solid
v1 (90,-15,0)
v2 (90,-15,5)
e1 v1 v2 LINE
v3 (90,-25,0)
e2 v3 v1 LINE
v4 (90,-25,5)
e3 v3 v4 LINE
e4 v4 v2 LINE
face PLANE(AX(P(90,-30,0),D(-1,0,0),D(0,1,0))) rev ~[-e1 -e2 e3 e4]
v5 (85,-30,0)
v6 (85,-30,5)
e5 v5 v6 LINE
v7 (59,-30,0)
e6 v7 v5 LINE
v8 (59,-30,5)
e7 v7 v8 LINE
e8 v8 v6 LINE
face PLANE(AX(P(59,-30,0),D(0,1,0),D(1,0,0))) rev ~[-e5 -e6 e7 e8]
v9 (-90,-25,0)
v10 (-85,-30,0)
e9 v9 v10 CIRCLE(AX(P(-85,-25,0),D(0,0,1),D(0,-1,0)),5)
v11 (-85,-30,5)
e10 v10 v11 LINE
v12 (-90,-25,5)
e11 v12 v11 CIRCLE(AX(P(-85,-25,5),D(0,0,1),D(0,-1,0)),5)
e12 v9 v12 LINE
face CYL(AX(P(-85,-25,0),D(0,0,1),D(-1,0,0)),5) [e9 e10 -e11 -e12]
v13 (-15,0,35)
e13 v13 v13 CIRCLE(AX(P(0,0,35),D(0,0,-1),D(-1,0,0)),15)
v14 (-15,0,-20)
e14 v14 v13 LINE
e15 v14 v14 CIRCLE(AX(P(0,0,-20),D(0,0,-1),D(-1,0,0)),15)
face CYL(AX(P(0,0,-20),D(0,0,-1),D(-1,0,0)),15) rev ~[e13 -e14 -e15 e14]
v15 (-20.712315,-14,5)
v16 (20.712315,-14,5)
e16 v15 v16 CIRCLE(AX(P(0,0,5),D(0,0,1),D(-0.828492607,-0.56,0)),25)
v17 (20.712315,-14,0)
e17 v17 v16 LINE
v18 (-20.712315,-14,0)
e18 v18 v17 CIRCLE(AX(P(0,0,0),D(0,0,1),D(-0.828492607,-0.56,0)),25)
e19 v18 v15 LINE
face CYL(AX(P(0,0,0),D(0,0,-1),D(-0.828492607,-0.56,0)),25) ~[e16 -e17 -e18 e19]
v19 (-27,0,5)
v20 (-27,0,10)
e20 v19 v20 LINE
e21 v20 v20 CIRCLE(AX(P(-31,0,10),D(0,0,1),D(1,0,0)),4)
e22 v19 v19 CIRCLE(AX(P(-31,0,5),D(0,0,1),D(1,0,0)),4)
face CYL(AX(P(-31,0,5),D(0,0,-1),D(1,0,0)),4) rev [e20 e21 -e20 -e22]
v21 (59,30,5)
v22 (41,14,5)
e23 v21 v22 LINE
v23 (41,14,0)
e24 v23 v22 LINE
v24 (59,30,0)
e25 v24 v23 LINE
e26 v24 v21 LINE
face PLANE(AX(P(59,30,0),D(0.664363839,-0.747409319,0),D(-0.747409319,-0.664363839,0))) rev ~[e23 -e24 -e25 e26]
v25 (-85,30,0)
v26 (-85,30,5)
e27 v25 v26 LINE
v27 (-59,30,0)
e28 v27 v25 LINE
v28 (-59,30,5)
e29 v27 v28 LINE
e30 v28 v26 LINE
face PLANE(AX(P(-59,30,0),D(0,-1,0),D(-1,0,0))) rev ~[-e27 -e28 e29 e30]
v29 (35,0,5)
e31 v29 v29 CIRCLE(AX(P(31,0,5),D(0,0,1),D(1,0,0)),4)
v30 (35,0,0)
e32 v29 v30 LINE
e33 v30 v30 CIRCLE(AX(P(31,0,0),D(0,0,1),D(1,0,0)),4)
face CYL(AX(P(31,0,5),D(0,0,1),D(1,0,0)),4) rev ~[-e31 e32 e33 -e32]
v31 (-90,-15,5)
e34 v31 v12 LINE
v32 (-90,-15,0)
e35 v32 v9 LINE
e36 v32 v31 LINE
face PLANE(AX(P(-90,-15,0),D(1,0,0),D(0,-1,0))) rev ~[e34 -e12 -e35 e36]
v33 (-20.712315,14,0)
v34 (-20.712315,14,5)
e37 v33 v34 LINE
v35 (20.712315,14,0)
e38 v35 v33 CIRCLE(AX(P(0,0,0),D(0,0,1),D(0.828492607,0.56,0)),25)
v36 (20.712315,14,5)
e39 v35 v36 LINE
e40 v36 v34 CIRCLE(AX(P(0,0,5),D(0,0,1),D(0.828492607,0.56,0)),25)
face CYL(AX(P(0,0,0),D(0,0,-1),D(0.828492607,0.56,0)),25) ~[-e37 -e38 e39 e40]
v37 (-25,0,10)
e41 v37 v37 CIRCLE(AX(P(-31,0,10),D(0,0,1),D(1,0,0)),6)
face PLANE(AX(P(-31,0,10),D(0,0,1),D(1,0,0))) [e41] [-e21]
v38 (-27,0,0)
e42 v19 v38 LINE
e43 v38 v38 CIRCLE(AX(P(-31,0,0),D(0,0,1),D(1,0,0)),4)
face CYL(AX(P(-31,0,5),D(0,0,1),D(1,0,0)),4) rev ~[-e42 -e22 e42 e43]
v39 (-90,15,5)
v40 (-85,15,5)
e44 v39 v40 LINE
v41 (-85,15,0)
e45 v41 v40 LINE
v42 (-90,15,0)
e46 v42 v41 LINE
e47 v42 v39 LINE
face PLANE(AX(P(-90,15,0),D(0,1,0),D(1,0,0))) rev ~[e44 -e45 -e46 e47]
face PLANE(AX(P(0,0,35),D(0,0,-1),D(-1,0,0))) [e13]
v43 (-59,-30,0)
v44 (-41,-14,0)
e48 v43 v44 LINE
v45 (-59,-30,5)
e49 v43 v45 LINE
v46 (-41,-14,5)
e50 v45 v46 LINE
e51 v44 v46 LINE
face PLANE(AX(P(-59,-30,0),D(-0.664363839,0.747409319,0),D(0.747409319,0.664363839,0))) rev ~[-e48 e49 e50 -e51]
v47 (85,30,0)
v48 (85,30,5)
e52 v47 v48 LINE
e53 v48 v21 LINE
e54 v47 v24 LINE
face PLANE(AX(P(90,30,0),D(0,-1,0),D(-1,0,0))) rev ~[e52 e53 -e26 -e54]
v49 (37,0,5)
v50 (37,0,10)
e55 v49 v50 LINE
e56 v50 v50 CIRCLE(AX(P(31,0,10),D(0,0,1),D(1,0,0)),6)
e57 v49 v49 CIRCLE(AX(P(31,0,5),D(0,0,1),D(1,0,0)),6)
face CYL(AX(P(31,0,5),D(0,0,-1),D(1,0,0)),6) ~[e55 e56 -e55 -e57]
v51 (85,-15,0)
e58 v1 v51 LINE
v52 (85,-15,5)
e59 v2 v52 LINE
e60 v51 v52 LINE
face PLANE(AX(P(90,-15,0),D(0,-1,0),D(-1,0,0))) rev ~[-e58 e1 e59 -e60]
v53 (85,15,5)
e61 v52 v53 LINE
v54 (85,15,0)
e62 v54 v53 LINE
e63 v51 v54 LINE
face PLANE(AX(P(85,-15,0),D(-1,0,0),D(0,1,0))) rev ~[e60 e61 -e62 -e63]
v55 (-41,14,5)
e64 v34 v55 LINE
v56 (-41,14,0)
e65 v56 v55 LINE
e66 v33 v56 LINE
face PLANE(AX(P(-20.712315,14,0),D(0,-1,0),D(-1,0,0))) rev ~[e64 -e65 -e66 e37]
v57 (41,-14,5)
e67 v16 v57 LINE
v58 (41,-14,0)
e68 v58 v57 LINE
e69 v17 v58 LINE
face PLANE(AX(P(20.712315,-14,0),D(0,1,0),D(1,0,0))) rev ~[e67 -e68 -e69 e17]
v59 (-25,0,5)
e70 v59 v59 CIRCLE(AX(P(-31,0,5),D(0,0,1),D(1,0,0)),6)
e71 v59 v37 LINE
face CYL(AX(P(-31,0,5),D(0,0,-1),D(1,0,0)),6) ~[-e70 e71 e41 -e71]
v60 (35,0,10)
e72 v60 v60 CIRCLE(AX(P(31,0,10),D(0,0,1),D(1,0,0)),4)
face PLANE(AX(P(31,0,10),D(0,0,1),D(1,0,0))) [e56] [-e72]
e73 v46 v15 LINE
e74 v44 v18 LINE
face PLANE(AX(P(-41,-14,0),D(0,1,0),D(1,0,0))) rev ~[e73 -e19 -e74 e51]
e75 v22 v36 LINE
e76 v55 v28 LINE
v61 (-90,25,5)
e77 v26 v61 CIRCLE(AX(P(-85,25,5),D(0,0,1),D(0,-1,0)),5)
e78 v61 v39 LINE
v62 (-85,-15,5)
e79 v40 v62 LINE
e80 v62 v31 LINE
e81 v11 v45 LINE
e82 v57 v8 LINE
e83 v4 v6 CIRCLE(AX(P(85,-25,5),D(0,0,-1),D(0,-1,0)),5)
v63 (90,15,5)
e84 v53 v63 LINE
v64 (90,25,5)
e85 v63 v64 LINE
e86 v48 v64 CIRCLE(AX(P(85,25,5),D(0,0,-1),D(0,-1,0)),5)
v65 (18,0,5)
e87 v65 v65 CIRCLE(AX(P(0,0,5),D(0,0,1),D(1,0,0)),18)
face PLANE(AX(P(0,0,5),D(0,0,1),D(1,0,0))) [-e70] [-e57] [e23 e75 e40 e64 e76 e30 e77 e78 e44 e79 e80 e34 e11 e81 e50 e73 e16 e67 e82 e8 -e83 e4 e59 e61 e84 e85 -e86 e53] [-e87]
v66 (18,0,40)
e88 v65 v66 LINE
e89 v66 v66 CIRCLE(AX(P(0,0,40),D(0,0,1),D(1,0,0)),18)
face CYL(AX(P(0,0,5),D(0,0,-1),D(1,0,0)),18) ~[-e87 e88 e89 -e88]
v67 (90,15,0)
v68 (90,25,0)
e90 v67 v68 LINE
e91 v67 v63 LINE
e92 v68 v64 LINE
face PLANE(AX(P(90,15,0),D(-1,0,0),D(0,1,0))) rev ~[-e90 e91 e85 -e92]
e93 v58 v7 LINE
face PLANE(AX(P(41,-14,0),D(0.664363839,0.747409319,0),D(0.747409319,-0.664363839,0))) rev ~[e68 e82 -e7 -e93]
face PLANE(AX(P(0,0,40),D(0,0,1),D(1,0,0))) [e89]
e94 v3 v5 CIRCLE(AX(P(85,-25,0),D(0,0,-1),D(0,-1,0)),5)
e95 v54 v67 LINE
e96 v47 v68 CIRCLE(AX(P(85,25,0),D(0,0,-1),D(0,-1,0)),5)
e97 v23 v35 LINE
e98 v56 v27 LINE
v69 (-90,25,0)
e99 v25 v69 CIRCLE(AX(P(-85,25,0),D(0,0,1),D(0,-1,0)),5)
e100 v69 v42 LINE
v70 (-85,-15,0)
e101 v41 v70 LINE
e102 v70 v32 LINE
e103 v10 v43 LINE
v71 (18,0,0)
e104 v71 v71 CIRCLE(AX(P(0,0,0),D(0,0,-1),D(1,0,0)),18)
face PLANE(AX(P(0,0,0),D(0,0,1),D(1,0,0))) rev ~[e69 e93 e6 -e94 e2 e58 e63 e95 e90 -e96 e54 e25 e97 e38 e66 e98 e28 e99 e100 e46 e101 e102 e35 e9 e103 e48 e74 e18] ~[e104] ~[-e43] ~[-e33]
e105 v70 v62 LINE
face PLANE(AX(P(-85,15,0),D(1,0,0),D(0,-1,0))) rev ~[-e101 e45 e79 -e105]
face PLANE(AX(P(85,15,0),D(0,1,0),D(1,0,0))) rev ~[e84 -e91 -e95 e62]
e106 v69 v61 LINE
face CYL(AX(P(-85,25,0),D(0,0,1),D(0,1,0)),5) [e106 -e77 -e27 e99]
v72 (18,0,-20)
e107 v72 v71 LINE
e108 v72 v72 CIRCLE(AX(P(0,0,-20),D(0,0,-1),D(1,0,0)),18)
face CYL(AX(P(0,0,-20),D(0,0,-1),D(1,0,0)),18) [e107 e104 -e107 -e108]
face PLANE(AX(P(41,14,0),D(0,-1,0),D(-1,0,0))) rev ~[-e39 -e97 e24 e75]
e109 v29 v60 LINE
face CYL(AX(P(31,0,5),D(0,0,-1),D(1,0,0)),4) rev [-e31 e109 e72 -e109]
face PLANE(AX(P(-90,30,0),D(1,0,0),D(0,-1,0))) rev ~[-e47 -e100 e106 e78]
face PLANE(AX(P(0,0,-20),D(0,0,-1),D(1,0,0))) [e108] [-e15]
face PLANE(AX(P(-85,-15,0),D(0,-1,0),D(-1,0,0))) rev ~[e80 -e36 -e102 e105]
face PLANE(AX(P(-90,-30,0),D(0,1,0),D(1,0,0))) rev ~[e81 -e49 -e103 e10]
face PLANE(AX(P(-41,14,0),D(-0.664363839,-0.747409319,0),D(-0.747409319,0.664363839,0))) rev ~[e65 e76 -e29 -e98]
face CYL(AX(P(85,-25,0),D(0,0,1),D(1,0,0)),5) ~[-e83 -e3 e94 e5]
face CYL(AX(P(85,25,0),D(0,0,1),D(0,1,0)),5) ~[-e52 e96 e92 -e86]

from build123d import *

# Parameters (mm, degrees)
EXTRUDE_1_DEPTH     = 5
SKETCH_2_R          = 18
EXTRUDE_2_DEPTH     = 35
EXTRUDE_START       = 20
SKETCH_3_R          = 18
EXTRUDE_3_DEPTH     = 20
SKETCH_4_R          = 15
CUT_EXTRUDE_1_DEPTH = 55
SKETCH_5_R          = 6
SKETCH_5_R_2        = 4
EXTRUDE_4_DEPTH     = 5
CUT_EXTRUDE_2_REACH = 103.119
SKETCH_6_R          = 4
FILLET_1_R          = 5


with BuildPart() as part:
    # 草图1 → 凸台-拉伸1 (new body)
    with BuildSketch(Plane.XY):
        with BuildLine():
            Line((-20.712315177, 14), (-41, 14))
            Line((-41, 14), (-59, 30))
            Line((-59, 30), (-90, 30))
            Line((-90, 30), (-90, 15))
            Line((-90, 15), (-85, 15))
            Line((-85, 15), (-85, -15))
            Line((-85, -15), (-90, -15))
            Line((-90, -15), (-90, -30))
            Line((-90, -30), (-59, -30))
            Line((-59, -30), (-41, -14))
            Line((-41, -14), (-20.712315177, -14))
            ThreePointArc((-20.712315177, -14), (0, -25), (20.712315177, -14))
            Line((20.712315177, -14), (41, -14))
            Line((41, -14), (59, -30))
            Line((59, -30), (90, -30))
            Line((90, -30), (90, -15))
            Line((90, -15), (85, -15))
            Line((85, -15), (85, 15))
            Line((85, 15), (90, 15))
            Line((90, 15), (90, 30))
            Line((90, 30), (59, 30))
            Line((59, 30), (41, 14))
            Line((41, 14), (20.712315177, 14))
            ThreePointArc((20.712315177, 14), (0, 25), (-20.712315177, 14))
        make_face()
    extrude(amount=EXTRUDE_1_DEPTH)

    # 草图2 → 凸台-拉伸2 (add)
    with BuildSketch(Plane.XY.offset(5)):
        Circle(SKETCH_2_R)
    extrude(amount=EXTRUDE_2_DEPTH)

    # 草图3 → 凸台-拉伸3 (add)
    with BuildSketch(Plane(origin=(0, 0, 0), x_dir=(-1, 0, 0), z_dir=(0, 0, -1)).offset(EXTRUDE_START)):
        with Locations(Location((0, 0, 0), (0, 0, 180))):
            Circle(SKETCH_3_R)
    extrude(amount=-EXTRUDE_3_DEPTH)

    # 草图4 → 切除-拉伸1 (cut)
    with BuildSketch(Plane(origin=(0, 0, -20), x_dir=(-1, 0, 0), z_dir=(0, 0, -1))):
        Circle(SKETCH_4_R)
    extrude(amount=-CUT_EXTRUDE_1_DEPTH, mode=Mode.SUBTRACT)

    # 草图5 → 凸台-拉伸4 (add)
    # profile 1 of 2: a face of its own
    with BuildSketch(Plane.XY.offset(5)):
        with Locations((-31, 0)):
            Circle(SKETCH_5_R)
        with Locations((-31, 0)):
            Circle(SKETCH_5_R_2, mode=Mode.SUBTRACT)
    # profile 2 of 2: a face of its own
    with BuildSketch(Plane.XY.offset(5)):
        with Locations((31, 0)):
            Circle(SKETCH_5_R)
        with Locations((31, 0)):
            Circle(SKETCH_5_R_2, mode=Mode.SUBTRACT)
    extrude(amount=EXTRUDE_4_DEPTH)

    # 草图6 → 切除-拉伸2 (cut, up to next)
    with BuildSketch(Plane.XY.offset(5), mode=Mode.PRIVATE) as cut_extrude_2_sk1:
        with Locations((31, 0)):
            Circle(SKETCH_6_R)
    cut_extrude_2_tool1 = extrude(cut_extrude_2_sk1.sketch, amount=-CUT_EXTRUDE_2_REACH, mode=Mode.PRIVATE) & part.part
    # 草图6 → 切除-拉伸2 (cut, up to next)
    with BuildSketch(Plane.XY.offset(5), mode=Mode.PRIVATE) as cut_extrude_2_sk2:
        with Locations((-31, 0)):
            Circle(SKETCH_6_R)
    cut_extrude_2_tool2 = extrude(cut_extrude_2_sk2.sketch, amount=-CUT_EXTRUDE_2_REACH, mode=Mode.PRIVATE) & part.part
    add(cut_extrude_2_tool1.solids().sort_by_distance((31, 0, 5))[0], mode=Mode.SUBTRACT)
    add(cut_extrude_2_tool2.solids().sort_by_distance((-31, 0, 5))[0], mode=Mode.SUBTRACT)

    # 圆角1
    fillet_1_edges = [part.edges().sort_by_distance(p)[0] for p in [
        (90, 30, 2.5),
        (90, -30, 2.5),
        (-90, -30, 2.5),
        (-90, 30, 2.5),
    ]]
    fillet(fillet_1_edges, radius=FILLET_1_R)


solid = part.part
